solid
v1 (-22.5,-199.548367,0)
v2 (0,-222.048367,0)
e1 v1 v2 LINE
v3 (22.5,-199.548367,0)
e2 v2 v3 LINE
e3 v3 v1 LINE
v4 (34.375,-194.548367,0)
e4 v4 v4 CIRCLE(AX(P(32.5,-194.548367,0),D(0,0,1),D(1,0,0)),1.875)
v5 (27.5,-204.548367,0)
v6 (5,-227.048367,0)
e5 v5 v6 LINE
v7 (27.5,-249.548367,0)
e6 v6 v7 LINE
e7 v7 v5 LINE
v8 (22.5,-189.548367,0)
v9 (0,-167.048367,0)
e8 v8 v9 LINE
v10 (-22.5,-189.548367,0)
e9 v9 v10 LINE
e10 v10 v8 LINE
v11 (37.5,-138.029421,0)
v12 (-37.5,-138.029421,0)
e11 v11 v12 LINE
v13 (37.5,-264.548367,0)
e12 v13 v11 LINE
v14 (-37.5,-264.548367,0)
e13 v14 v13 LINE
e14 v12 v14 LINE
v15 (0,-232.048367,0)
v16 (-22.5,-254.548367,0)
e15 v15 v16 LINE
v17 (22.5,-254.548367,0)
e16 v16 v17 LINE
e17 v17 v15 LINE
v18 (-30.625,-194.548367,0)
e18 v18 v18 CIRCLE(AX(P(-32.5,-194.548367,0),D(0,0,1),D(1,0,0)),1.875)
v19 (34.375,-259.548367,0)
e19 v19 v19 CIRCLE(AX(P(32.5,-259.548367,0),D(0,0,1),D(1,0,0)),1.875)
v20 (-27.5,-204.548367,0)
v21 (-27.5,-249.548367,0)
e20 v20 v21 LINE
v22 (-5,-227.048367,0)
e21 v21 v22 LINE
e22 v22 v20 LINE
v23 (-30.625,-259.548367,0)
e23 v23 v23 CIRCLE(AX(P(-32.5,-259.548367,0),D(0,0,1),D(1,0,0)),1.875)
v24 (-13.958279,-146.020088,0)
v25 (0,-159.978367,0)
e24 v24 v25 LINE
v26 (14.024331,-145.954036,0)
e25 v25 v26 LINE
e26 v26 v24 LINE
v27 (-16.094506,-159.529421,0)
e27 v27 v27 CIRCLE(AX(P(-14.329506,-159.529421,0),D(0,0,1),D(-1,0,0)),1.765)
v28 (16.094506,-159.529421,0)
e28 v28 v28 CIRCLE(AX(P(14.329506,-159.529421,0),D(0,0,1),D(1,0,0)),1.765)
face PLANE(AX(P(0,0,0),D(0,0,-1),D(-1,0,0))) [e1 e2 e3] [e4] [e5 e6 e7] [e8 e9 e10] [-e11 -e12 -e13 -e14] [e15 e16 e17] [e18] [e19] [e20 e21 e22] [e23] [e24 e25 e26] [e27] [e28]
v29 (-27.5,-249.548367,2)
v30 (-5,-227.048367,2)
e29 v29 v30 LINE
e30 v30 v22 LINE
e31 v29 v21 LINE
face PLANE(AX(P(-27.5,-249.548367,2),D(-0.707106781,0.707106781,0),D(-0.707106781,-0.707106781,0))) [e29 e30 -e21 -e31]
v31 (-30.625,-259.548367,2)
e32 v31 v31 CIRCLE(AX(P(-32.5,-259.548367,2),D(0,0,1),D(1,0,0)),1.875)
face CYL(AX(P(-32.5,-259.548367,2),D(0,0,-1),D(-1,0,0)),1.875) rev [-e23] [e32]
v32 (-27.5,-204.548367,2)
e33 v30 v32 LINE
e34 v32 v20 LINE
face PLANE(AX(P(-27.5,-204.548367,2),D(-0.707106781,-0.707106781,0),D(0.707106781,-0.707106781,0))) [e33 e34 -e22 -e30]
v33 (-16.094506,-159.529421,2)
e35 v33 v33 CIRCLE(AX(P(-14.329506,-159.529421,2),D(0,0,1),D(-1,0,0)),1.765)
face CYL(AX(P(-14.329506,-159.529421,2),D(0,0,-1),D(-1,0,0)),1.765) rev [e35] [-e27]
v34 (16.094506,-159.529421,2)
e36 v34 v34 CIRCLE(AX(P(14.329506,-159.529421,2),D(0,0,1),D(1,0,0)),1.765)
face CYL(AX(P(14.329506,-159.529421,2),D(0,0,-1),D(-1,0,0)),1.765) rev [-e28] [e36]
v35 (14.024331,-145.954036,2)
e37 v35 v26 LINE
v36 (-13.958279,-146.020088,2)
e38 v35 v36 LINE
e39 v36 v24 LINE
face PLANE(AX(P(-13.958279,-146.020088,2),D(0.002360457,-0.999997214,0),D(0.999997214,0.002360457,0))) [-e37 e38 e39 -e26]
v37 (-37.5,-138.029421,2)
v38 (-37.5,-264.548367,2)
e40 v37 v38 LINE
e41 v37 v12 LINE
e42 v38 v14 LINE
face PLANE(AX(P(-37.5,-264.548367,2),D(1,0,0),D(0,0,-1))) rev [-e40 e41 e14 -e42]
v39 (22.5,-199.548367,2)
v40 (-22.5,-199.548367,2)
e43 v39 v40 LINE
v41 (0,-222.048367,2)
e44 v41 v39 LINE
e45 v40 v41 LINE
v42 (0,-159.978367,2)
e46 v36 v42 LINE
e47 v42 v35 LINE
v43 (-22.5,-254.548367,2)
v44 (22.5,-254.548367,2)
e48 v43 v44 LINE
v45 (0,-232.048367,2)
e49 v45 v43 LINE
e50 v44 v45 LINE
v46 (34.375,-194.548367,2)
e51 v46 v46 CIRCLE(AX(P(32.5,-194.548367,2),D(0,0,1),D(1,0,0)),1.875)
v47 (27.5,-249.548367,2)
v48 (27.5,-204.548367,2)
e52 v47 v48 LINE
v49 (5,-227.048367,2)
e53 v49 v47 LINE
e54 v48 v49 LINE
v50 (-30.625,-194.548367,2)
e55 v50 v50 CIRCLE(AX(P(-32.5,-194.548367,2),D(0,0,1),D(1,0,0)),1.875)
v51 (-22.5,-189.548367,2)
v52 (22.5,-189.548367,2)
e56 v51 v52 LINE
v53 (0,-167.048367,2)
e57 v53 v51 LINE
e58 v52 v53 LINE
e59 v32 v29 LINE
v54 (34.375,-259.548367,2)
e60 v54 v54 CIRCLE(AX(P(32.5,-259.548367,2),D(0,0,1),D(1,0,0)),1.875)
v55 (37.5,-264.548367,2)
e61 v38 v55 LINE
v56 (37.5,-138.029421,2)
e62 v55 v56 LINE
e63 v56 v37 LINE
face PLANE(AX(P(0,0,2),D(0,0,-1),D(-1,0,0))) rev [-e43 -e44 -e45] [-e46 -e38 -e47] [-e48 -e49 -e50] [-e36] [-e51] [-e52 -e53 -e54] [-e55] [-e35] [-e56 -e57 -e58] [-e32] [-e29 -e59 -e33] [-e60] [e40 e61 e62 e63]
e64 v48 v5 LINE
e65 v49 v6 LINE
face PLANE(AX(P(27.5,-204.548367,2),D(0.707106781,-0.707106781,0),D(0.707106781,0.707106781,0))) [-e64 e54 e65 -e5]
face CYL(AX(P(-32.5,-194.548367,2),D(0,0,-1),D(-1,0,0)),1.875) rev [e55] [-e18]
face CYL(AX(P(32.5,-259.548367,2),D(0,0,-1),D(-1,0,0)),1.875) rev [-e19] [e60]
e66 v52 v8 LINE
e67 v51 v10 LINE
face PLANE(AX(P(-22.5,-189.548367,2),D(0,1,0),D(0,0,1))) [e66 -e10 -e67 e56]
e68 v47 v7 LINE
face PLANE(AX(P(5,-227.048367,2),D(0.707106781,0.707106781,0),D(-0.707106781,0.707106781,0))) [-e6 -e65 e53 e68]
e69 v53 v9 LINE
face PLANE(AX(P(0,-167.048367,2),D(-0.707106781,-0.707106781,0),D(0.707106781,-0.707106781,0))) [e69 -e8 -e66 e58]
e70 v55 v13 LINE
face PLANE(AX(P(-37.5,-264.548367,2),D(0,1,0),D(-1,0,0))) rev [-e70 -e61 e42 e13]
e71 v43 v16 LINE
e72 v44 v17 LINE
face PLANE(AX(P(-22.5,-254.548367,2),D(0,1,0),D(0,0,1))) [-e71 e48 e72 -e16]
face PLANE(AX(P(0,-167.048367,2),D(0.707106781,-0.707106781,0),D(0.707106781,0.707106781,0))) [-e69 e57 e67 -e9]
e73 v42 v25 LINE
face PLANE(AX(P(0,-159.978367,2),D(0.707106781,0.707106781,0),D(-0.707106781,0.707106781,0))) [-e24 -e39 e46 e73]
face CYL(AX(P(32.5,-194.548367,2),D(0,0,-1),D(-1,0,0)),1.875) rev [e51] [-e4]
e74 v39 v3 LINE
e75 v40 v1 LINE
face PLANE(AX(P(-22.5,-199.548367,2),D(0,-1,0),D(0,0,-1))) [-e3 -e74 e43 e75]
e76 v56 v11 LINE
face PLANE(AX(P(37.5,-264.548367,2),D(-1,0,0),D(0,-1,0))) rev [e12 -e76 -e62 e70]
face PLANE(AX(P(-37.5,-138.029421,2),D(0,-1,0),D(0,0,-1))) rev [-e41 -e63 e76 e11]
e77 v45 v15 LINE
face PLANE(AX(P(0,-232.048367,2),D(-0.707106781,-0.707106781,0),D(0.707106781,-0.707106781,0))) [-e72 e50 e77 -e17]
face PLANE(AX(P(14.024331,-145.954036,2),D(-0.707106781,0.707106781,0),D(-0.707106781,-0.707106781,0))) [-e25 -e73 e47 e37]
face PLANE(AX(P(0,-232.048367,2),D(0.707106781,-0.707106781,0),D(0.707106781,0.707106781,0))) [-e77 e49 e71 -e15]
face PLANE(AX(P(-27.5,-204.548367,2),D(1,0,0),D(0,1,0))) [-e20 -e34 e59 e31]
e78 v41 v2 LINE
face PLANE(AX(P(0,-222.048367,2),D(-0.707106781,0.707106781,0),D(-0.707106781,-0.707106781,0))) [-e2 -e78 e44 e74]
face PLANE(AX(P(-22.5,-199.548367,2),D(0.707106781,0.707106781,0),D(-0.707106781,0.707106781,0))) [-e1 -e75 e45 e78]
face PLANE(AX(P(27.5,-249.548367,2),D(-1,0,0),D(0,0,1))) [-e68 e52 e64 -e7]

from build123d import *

# Parameters (mm, degrees)
SKETCH1_W           = 75
SKETCH1_H           = 126.51894577
SKETCH1_R           = 1.875
SKETCH1_R_2         = 1.765
BOSS_EXTRUDE2_DEPTH = 2


with BuildPart() as part:
    # Sketch1 → Boss-Extrude2 (new body)
    with BuildSketch(Plane.XY):
        with Locations((0, -201.288893998)):
            Rectangle(SKETCH1_W, SKETCH1_H)
        with Locations((32.5, -259.548366883)):
            Circle(SKETCH1_R, mode=Mode.SUBTRACT)
        with Locations((-32.5, -259.548366883)):
            Circle(SKETCH1_R, mode=Mode.SUBTRACT)
        with Locations((-32.5, -194.548366883)):
            Circle(SKETCH1_R, mode=Mode.SUBTRACT)
        with Locations((32.5, -194.548366883)):
            Circle(SKETCH1_R, mode=Mode.SUBTRACT)
        with Locations((14.329505719, -159.529421113)):
            Circle(SKETCH1_R_2, mode=Mode.SUBTRACT)
        with Locations((-14.329505719, -159.529421113)):
            Circle(SKETCH1_R_2, mode=Mode.SUBTRACT)
        Polygon((-27.5, -204.548366883), (-27.5, -249.548366883), (-5, -227.048366883), align=None, mode=Mode.SUBTRACT)
        Polygon((-22.5, -254.548366883), (22.5, -254.548366883), (0, -232.048366883), align=None, mode=Mode.SUBTRACT)
        Polygon((27.5, -249.548366883), (27.5, -204.548366883), (5, -227.048366883), align=None, mode=Mode.SUBTRACT)
        Polygon((-22.5, -199.548366883), (22.5, -199.548366883), (0, -222.048366883), align=None, mode=Mode.SUBTRACT)
        Polygon((-22.5, -189.548366883), (22.5, -189.548366883), (0, -167.048366883), align=None, mode=Mode.SUBTRACT)
        Polygon((14.024331064, -145.954035819), (0, -159.978366883), (-13.95827912, -146.020087763), align=None, mode=Mode.SUBTRACT)
    extrude(amount=BOSS_EXTRUDE2_DEPTH)


solid = part.part
